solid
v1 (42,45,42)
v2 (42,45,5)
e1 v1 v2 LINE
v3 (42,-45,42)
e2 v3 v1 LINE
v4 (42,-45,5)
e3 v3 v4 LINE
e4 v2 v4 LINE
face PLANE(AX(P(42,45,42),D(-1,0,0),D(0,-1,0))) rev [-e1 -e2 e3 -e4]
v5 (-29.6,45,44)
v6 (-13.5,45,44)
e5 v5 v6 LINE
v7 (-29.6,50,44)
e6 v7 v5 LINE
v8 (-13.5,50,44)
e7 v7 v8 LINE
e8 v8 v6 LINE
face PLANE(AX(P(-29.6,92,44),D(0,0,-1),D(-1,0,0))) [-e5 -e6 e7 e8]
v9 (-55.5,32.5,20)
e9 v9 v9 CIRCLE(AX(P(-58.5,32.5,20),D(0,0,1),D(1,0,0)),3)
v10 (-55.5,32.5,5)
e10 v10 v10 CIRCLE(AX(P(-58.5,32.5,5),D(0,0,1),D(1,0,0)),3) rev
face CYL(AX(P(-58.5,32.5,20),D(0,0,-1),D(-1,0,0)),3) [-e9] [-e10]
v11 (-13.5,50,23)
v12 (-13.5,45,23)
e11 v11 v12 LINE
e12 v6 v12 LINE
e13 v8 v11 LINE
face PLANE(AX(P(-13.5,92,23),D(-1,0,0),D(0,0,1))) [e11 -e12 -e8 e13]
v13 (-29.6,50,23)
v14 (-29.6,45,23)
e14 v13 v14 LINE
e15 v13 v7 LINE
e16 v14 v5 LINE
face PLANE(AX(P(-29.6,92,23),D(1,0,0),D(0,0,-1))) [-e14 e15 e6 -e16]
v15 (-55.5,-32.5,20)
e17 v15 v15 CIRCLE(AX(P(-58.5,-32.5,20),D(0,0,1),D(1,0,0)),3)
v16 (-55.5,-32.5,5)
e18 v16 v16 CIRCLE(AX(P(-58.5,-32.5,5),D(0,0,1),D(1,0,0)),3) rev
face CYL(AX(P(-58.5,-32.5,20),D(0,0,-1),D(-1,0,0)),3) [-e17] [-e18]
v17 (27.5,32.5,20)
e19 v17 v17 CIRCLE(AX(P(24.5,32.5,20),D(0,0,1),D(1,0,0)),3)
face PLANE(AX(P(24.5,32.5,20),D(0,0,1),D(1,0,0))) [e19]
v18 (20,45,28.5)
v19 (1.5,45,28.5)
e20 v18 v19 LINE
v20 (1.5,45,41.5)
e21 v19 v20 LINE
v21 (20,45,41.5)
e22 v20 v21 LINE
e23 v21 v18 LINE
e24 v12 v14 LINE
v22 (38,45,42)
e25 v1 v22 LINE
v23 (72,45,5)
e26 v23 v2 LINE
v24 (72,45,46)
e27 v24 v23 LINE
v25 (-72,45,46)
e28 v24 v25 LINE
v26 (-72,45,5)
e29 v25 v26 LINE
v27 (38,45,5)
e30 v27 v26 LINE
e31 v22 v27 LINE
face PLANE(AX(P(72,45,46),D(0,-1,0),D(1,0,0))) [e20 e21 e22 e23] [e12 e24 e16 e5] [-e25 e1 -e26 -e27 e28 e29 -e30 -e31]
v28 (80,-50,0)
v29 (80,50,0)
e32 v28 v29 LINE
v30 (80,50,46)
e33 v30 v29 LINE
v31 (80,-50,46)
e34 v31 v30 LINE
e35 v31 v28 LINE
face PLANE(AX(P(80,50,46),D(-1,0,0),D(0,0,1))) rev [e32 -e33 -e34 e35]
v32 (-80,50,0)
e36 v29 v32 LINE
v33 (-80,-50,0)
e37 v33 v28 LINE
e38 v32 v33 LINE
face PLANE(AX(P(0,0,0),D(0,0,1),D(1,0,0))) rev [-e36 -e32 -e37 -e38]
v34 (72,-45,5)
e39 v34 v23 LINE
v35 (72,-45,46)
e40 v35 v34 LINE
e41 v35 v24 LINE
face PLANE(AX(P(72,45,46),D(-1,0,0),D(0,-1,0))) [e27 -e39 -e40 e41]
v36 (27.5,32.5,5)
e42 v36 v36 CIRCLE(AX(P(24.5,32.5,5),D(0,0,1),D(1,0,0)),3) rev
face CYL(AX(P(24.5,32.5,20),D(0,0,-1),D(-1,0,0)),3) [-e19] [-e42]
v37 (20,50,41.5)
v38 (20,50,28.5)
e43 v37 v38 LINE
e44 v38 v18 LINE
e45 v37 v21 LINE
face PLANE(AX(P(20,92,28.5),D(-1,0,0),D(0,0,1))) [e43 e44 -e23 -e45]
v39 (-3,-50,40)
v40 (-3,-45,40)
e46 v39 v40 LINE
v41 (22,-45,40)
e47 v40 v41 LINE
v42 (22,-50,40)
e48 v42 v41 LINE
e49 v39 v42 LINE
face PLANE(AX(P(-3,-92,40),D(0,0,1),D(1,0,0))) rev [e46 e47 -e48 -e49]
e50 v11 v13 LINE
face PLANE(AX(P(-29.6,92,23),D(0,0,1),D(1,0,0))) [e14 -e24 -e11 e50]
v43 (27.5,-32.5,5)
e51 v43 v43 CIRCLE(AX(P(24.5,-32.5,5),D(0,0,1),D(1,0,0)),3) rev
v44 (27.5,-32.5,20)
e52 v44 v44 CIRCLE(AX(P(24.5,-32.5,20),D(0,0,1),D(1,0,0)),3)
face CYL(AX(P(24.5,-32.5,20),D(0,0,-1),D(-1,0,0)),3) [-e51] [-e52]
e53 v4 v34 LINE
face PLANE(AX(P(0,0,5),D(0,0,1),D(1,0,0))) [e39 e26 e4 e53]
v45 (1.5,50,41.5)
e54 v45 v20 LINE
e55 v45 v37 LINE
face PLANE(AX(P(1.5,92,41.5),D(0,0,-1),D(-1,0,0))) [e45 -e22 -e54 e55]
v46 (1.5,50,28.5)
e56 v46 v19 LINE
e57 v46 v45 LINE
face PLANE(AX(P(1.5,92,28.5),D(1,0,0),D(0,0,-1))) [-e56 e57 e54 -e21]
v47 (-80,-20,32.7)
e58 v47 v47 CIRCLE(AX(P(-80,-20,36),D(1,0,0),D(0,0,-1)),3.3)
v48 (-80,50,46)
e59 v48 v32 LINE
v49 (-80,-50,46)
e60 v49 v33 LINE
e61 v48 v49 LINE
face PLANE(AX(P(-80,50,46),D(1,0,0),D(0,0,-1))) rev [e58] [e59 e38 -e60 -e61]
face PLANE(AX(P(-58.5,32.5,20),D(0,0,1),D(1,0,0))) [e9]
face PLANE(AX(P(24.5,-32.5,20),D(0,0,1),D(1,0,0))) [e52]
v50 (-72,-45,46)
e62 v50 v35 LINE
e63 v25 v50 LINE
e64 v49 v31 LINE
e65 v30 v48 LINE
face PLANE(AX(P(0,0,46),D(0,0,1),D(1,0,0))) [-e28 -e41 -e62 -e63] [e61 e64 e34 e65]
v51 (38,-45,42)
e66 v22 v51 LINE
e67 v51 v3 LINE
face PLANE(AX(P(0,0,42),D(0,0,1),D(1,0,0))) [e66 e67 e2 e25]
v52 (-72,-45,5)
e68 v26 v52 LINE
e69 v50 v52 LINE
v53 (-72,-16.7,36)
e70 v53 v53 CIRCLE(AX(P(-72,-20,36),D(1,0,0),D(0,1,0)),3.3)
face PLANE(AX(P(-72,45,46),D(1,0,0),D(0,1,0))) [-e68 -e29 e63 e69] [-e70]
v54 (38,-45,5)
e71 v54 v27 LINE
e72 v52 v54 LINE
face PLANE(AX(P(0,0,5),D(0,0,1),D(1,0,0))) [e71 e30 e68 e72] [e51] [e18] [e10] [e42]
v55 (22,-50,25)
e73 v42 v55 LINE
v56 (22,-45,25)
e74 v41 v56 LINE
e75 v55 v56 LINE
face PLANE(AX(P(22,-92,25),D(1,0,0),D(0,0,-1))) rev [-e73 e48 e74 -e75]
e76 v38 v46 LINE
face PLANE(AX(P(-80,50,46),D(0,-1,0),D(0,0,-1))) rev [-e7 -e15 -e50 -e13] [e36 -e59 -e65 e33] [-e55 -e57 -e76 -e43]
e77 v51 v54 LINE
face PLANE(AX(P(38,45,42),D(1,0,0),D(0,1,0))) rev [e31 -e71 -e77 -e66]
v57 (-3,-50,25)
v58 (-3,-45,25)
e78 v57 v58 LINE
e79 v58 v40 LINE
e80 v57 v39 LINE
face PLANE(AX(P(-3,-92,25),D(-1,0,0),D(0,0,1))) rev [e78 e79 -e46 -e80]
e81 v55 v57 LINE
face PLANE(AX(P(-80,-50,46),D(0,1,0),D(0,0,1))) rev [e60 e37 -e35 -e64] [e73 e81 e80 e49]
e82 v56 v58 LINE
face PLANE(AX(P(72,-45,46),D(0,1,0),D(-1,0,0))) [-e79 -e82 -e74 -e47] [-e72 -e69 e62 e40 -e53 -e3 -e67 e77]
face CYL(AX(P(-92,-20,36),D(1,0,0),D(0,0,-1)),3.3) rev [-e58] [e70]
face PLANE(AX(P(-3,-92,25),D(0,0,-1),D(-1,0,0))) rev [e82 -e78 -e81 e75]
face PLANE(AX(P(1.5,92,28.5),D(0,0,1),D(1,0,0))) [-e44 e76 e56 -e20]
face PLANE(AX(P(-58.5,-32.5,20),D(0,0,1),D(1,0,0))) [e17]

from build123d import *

# Parameters (mm, degrees)
ESQUISSE1_W                       = 160
ESQUISSE1_H                       = 100
ESQUISSE1_W_2                     = 144
ESQUISSE1_H_2                     = 90
PROFONDEUR_BOITIER_DEPTH          = 46
ESQUISSE2_W                       = 144
ESQUISSE2_H                       = 90
PROFONDEUR_FOND_DEPTH             = 5
ESQUISSE3_W                       = 4
ESQUISSE3_H                       = 90
S_PARATION_PLATINE_BATTERIE_DEPTH = 42
ESQUISSE7_R                       = 3.3
ANTENNE_LORA_DEPTH                = 92
ESQUISSE8_W                       = 18.5
ESQUISSE8_H                       = 13
INTERRUPTEUR_DEPTH                = 92
ESQUISSE9_R                       = 3
VIS_PLATINE_DEPTH                 = 20
ESQUISSE10_W                      = 16.1
ESQUISSE10_H                      = 21
DHT22_DEPTH                       = 92
ESQUISSE11_W                      = 25
ESQUISSE11_H                      = 15
DB9_DEPTH                         = 92


with BuildPart() as part:
    # Esquisse1 → profondeur boitier (new body)
    with BuildSketch(Plane.XY):
        Rectangle(ESQUISSE1_W, ESQUISSE1_H)
        Rectangle(ESQUISSE1_W_2, ESQUISSE1_H_2, mode=Mode.SUBTRACT)
    extrude(amount=PROFONDEUR_BOITIER_DEPTH)

    # Esquisse2 → profondeur fond (add)
    with BuildSketch(Plane.XY):
        Rectangle(ESQUISSE2_W, ESQUISSE2_H)
    extrude(amount=PROFONDEUR_FOND_DEPTH)

    # Esquisse3 → Séparation platine batterie (add)
    with BuildSketch(Plane.XY):
        with Locations((40, 0)):
            Rectangle(ESQUISSE3_W, ESQUISSE3_H)
    extrude(amount=S_PARATION_PLATINE_BATTERIE_DEPTH)

    # Esquisse7 → Antenne LoRA (cut)
    with BuildSketch(Plane(origin=(0, 0, 0), x_dir=(0, 0, -1), z_dir=(1, 0, 0))):
        with Locations((-36, -20)):
            Circle(ESQUISSE7_R)
    extrude(amount=-ANTENNE_LORA_DEPTH, mode=Mode.SUBTRACT)

    # Esquisse8 → interrupteur (cut)
    with BuildSketch(Plane(origin=(0, 0, 0), x_dir=(1, 0, 0), z_dir=(0, 1, 0))):
        with Locations((10.75, -35)):
            Rectangle(ESQUISSE8_W, ESQUISSE8_H)
    extrude(amount=INTERRUPTEUR_DEPTH, mode=Mode.SUBTRACT)

    # Esquisse9 → Vis platine (add)
    with BuildSketch(Plane.XY):
        with Locations((-58.5, -32.5)):
            Circle(ESQUISSE9_R)
        with Locations((24.5, -32.5)):
            Circle(ESQUISSE9_R)
        with Locations((24.5, 32.5)):
            Circle(ESQUISSE9_R)
        with Locations((-58.5, 32.5)):
            Circle(ESQUISSE9_R)
    extrude(amount=VIS_PLATINE_DEPTH)

    # Esquisse10 → DHT22 (cut)
    with BuildSketch(Plane(origin=(0, 0, 0), x_dir=(1, 0, 0), z_dir=(0, 1, 0))):
        with Locations((-21.55, -33.5)):
            Rectangle(ESQUISSE10_W, ESQUISSE10_H)
    extrude(amount=DHT22_DEPTH, mode=Mode.SUBTRACT)

    # Esquisse11 → DB9 (cut)
    with BuildSketch(Plane(origin=(0, 0, 0), x_dir=(1, 0, 0), z_dir=(0, 1, 0))):
        with Locations((9.5, -32.5)):
            Rectangle(ESQUISSE11_W, ESQUISSE11_H)
    extrude(amount=-DB9_DEPTH, mode=Mode.SUBTRACT)


solid = part.part
